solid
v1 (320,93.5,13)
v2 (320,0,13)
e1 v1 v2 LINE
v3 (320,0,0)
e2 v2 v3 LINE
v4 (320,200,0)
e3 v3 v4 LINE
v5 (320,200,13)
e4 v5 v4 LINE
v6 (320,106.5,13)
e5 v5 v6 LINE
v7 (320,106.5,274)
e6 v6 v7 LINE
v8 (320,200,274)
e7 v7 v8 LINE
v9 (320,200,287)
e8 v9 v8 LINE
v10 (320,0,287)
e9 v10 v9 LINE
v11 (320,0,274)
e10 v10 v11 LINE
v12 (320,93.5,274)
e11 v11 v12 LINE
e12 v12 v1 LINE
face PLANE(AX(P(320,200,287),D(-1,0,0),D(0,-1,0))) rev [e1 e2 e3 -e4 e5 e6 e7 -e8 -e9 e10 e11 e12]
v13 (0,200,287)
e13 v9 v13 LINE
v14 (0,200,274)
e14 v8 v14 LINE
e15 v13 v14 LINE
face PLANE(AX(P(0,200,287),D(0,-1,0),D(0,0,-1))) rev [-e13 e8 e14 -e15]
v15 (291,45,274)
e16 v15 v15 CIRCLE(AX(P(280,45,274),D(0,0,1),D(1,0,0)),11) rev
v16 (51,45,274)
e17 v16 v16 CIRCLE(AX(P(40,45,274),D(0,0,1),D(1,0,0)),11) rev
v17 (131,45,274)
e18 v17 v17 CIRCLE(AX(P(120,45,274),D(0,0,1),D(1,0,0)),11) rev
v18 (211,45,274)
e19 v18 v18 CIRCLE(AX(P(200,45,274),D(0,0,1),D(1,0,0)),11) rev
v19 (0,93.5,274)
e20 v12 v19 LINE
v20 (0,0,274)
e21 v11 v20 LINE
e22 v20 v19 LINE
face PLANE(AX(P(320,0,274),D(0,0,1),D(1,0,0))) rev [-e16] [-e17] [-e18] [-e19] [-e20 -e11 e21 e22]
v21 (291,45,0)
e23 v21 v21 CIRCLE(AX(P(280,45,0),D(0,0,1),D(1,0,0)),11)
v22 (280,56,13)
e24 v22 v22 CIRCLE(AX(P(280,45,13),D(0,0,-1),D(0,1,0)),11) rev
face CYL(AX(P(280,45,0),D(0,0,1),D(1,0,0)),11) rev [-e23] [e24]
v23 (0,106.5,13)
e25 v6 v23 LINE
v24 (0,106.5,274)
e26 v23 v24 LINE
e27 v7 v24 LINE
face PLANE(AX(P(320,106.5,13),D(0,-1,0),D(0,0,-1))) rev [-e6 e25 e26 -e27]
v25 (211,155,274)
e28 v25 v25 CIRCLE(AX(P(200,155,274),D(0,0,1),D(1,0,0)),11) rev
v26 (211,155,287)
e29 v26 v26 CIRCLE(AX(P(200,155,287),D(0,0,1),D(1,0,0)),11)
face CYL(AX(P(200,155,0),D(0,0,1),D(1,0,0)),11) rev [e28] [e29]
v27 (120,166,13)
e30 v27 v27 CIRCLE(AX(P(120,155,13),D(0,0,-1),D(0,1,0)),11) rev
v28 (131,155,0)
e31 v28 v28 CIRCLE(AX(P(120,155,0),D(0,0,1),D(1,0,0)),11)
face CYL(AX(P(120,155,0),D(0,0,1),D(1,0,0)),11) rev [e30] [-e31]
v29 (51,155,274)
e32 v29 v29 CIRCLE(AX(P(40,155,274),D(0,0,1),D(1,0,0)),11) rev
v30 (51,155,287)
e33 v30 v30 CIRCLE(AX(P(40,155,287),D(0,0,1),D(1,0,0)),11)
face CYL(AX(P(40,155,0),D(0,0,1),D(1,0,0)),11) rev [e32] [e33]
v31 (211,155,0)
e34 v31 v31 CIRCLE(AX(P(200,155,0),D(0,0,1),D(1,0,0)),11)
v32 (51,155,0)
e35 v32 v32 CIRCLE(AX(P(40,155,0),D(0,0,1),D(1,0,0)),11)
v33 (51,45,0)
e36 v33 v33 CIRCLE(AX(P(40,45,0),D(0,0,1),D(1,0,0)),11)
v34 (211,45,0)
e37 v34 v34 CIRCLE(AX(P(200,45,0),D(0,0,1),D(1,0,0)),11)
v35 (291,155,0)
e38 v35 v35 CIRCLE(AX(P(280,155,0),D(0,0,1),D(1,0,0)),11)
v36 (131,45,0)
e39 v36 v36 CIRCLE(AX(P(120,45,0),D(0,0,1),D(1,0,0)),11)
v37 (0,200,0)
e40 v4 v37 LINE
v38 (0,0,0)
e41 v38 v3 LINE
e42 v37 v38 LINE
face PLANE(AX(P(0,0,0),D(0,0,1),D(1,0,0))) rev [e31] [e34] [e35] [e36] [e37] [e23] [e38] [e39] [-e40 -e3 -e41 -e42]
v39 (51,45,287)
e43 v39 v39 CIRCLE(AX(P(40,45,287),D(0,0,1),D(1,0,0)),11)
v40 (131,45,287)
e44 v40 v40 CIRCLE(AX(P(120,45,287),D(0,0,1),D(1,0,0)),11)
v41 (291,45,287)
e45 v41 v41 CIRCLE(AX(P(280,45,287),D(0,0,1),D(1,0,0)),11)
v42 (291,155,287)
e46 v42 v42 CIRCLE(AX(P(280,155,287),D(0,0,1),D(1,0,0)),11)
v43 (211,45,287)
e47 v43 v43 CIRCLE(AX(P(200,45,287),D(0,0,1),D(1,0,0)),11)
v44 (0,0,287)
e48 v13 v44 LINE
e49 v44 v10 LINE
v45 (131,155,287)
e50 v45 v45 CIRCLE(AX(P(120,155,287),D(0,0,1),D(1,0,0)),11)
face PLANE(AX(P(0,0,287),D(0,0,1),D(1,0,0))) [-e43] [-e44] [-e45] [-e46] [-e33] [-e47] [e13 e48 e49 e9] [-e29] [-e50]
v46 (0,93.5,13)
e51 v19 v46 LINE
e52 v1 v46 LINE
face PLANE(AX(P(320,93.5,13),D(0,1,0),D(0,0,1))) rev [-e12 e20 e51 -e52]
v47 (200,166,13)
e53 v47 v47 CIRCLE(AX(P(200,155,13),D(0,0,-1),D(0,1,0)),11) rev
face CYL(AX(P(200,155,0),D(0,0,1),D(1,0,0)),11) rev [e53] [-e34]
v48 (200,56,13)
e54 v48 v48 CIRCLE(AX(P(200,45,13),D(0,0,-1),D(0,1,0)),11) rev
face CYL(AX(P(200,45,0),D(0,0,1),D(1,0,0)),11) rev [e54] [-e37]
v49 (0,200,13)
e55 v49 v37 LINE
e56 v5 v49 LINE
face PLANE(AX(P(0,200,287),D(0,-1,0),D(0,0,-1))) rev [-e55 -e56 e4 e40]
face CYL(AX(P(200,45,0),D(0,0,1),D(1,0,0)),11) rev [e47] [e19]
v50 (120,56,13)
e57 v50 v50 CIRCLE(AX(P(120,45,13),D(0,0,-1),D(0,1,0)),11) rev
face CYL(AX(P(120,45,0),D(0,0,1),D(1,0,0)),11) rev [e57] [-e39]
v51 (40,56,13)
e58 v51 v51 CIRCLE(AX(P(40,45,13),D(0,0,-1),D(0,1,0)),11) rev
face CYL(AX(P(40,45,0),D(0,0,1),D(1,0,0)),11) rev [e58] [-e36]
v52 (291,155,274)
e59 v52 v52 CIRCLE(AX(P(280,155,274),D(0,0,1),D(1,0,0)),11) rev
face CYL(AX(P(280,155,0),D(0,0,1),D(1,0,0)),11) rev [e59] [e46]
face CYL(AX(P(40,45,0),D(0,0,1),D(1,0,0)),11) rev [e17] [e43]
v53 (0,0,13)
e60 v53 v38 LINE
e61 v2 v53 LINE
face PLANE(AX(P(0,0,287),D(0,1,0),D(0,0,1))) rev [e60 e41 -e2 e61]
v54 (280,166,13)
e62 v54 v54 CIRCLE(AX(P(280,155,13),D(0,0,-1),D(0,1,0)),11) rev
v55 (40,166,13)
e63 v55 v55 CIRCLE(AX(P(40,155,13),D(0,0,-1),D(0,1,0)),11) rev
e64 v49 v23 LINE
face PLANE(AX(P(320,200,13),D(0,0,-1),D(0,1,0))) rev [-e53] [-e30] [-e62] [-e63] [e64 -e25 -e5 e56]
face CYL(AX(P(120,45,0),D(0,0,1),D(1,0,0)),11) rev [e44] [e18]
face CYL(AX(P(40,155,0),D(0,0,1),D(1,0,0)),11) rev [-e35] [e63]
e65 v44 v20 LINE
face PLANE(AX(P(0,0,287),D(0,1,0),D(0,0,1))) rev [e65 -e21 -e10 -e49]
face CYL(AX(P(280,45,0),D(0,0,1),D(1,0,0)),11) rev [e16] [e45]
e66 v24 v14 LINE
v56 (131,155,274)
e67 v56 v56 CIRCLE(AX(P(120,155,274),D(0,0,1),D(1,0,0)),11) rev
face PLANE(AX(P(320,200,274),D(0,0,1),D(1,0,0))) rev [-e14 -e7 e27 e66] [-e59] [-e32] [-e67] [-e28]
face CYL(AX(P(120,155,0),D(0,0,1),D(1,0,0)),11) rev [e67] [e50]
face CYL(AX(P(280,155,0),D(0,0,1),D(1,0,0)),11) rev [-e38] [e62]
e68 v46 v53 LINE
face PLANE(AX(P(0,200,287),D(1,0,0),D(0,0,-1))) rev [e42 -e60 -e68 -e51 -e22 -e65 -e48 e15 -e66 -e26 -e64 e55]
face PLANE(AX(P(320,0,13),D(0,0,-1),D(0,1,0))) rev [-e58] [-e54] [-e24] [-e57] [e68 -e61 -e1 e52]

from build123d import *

# Parameters (mm, degrees)
SKETCH_1_W                  = 320
SKETCH_1_H                  = 200
EXTRUDE_1_DEPTH             = 287
SKETCH_2_R                  = 11
CUT_EXTRUDE_1_DEPTH         = 475.098091116
PATTERN_LINEAR_1_COUNT      = 4
PATTERN_LINEAR_1_PITCH      = 80
PATTERN_LINEAR_1_COUNT_DIR2 = 2
PATTERN_LINEAR_1_PITCH_DIR2 = 110
SKETCH_6_W                  = 261
SKETCH_6_H                  = 93.5
CUT_EXTRUDE_3_DEPTH         = 475.098091116


with BuildPart() as part:
    # 草图1 → 拉伸1 (new body)
    with BuildSketch(Plane.XY):
        with Locations((160, 100)):
            Rectangle(SKETCH_1_W, SKETCH_1_H)
    extrude(amount=EXTRUDE_1_DEPTH)

    # 草图2 → 切除-拉伸1 (cut, through all)
    with BuildSketch(Plane.XY.offset(287)):
        with Locations((40, 45)):
            Circle(SKETCH_2_R)
    cut_extrude_1 = extrude(amount=-CUT_EXTRUDE_1_DEPTH, mode=Mode.SUBTRACT)

    # 阵列(线性)1: Cut-Extrude 1 4 × 2
    with Locations(*[(i * PATTERN_LINEAR_1_PITCH, j * PATTERN_LINEAR_1_PITCH_DIR2, 0) for i in range(PATTERN_LINEAR_1_COUNT) for j in range(PATTERN_LINEAR_1_COUNT_DIR2) if (i, j) != (0, 0)]):
        add(cut_extrude_1, mode=Mode.SUBTRACT)

    # 草图6 → 切除-拉伸3 (cut, through all)
    with BuildSketch(Plane.ZY):
        with Locations((143.5, 153.25)):
            Rectangle(SKETCH_6_W, SKETCH_6_H)
        with Locations((143.5, 46.75)):
            Rectangle(SKETCH_6_W, SKETCH_6_H)
    extrude(amount=-CUT_EXTRUDE_3_DEPTH, mode=Mode.SUBTRACT)


solid = part.part
